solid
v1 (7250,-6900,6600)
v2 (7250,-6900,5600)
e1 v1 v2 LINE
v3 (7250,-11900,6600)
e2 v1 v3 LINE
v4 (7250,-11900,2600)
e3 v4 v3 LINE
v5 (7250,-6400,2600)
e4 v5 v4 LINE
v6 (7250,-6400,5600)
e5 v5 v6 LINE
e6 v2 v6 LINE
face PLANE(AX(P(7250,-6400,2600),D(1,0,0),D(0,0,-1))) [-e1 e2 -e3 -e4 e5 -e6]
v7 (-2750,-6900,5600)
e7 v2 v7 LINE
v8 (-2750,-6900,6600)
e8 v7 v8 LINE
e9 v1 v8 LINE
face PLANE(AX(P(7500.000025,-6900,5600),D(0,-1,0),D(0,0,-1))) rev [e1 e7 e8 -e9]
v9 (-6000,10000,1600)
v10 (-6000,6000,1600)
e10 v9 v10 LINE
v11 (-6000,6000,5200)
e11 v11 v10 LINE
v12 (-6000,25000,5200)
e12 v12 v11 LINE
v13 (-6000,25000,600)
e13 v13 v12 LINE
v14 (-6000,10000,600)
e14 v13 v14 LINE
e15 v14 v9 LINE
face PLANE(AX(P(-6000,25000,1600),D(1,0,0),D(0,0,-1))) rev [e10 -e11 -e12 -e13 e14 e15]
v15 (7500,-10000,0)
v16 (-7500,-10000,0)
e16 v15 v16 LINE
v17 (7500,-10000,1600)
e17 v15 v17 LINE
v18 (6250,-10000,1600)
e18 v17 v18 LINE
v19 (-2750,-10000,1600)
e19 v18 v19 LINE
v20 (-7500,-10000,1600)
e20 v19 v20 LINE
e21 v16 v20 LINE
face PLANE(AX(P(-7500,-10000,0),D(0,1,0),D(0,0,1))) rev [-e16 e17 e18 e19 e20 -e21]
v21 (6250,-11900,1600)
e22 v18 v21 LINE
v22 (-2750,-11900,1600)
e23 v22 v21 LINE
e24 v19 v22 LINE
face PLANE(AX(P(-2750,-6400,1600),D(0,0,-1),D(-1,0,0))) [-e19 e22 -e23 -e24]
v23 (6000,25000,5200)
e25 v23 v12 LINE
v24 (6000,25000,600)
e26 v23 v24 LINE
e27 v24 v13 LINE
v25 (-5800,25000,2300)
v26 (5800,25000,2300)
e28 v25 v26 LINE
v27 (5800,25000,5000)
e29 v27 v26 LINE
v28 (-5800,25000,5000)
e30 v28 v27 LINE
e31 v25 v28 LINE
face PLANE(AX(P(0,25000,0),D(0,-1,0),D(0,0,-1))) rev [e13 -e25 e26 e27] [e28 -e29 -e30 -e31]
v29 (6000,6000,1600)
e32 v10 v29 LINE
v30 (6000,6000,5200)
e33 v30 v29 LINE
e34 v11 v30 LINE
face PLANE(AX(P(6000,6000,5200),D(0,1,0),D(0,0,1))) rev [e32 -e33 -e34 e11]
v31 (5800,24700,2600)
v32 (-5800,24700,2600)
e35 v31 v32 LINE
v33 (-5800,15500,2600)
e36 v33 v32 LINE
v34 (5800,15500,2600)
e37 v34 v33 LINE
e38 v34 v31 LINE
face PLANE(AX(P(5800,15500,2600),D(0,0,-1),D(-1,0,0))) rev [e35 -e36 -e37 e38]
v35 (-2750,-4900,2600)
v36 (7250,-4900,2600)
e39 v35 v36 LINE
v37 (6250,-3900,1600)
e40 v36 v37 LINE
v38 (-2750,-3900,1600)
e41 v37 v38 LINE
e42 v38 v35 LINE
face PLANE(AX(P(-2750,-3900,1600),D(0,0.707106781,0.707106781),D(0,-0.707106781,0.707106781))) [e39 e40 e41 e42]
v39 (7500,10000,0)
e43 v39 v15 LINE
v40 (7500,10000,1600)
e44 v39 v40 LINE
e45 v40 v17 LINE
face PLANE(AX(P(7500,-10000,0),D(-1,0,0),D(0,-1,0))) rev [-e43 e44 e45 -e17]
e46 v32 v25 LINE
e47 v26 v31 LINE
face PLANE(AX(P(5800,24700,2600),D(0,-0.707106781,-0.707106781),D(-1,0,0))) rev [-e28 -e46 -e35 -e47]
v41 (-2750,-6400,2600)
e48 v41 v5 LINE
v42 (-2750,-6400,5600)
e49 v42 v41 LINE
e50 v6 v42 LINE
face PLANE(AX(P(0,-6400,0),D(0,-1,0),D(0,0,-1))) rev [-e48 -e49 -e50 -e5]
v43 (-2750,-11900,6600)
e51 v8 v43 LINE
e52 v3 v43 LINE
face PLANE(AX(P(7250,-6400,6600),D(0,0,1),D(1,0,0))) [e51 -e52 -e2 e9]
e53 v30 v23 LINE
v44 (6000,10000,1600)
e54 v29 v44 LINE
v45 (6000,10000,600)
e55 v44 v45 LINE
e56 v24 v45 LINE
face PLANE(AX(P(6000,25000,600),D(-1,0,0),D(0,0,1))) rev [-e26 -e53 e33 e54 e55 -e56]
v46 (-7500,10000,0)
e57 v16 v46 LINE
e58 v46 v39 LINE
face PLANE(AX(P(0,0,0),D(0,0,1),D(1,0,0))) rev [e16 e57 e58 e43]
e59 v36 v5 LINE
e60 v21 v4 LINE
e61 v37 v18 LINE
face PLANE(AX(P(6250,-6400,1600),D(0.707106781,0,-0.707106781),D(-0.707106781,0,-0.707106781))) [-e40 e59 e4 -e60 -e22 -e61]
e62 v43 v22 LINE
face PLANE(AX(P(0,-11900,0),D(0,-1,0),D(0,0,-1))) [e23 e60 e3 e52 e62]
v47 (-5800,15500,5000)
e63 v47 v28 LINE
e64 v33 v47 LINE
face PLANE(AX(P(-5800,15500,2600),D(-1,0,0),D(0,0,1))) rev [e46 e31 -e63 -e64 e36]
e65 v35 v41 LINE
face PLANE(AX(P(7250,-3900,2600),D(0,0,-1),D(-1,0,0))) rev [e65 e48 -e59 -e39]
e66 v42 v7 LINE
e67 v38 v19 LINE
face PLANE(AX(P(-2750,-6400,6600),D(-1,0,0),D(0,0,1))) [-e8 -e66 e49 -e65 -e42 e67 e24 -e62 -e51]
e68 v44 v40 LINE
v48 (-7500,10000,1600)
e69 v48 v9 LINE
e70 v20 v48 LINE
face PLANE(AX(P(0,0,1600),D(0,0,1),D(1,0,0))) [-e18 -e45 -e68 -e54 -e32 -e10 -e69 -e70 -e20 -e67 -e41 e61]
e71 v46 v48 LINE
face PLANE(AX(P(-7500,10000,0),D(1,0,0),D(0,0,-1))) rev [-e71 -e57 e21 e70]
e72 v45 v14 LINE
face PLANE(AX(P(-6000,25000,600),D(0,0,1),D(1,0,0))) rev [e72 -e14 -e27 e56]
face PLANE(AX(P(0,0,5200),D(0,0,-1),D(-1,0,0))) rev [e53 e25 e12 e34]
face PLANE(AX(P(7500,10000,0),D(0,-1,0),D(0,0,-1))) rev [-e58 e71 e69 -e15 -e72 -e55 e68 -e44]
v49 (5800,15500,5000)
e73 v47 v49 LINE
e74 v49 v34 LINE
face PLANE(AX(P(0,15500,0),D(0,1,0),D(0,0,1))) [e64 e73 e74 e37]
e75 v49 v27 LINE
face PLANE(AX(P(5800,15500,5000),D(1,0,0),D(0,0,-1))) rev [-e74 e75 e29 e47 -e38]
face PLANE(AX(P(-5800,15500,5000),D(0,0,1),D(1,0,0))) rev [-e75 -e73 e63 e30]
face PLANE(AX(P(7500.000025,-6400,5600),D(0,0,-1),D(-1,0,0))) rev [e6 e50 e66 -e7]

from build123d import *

# Parameters (mm, degrees)
BOSS_EXTRUDE1_DEPTH = 5500
BOSS_EXTRUDE2_DEPTH = 2500
SKETCH3_W           = 15000
SKETCH3_H           = 20000
BOSS_EXTRUDE3_DEPTH = 1600
SKETCH4_W           = 12000
SKETCH4_H           = 1000
BOSS_EXTRUDE4_DEPTH = 15000
SKETCH5_W           = 12000
SKETCH5_H           = 19000
BOSS_EXTRUDE5_DEPTH = 3600
SKETCH6_W           = 1000
SKETCH6_H           = 500
CUT_EXTRUDE1_DEPTH  = 27815.070180396
SKETCH7_W           = 11600
SKETCH7_H           = 2400
CUT_EXTRUDE2_DEPTH  = 9500
DRAFT1_ANGLE        = 45
CHAMFER1_SIZE       = 300


with BuildPart() as part:
    # Sketch1 → Boss-Extrude1 (new body)
    with BuildSketch(Plane.XZ.offset(11900)):
        Polygon((6250, 1600), (7250, 2600), (7250, 6600), (-2750, 6600), (-2750, 1600), align=None)
    extrude(amount=-BOSS_EXTRUDE1_DEPTH)

    # Sketch2 → Boss-Extrude2 (add)
    with BuildSketch(Plane(origin=(0, -6400, 0), x_dir=(-1, 0, 0), z_dir=(0, 1, 0))):
        Polygon((2750, 2600), (2750, 1600), (-6250, 1600), (-7250, 2600), align=None)
    extrude(amount=BOSS_EXTRUDE2_DEPTH)

    # Sketch3 → Boss-Extrude3 (add)
    with BuildSketch(Plane(origin=(0, 0, 1600), x_dir=(-1, 0, 0), z_dir=(0, 0, -1))):
        Rectangle(SKETCH3_W, SKETCH3_H)
    extrude(amount=BOSS_EXTRUDE3_DEPTH)

    # Sketch4 → Boss-Extrude4 (add)
    with BuildSketch(Plane(origin=(0, 10000, 0), x_dir=(-1, 0, 0), z_dir=(0, 1, 0))):
        with Locations((0, 1100)):
            Rectangle(SKETCH4_W, SKETCH4_H)
    extrude(amount=BOSS_EXTRUDE4_DEPTH)

    # Sketch5 → Boss-Extrude5 (add)
    with BuildSketch(Plane.XY.offset(1600)):
        with Locations((0, 15500)):
            Rectangle(SKETCH5_W, SKETCH5_H)
    extrude(amount=BOSS_EXTRUDE5_DEPTH)

    # Sketch6 → Cut-Extrude1 (cut, through all)
    with BuildSketch(Plane.ZY.offset(2750)):
        with Locations((6100, -6650)):
            Rectangle(SKETCH6_W, SKETCH6_H)
    extrude(amount=-CUT_EXTRUDE1_DEPTH, mode=Mode.SUBTRACT)

    # Sketch7 → Cut-Extrude2 (cut)
    with BuildSketch(Plane(origin=(0, 25000, 0), x_dir=(-1, 0, 0), z_dir=(0, 1, 0))):
        with Locations((0, 3800)):
            Rectangle(SKETCH7_W, SKETCH7_H)
    extrude(amount=-CUT_EXTRUDE2_DEPTH, mode=Mode.SUBTRACT)

    # Draft1
    draft1_faces = [part.faces().sort_by_distance(p)[0] for p in [
        (2004.385964912, -3900, 2108.771929825),
    ]]
    draft(draft1_faces, Plane.XY.offset(1600), DRAFT1_ANGLE)

    # Chamfer1
    chamfer1_edges = [part.edges().sort_by_distance(p)[0] for p in [
        (0, 25000, 2600),
    ]]
    chamfer(chamfer1_edges, length=CHAMFER1_SIZE)


solid = part.part
